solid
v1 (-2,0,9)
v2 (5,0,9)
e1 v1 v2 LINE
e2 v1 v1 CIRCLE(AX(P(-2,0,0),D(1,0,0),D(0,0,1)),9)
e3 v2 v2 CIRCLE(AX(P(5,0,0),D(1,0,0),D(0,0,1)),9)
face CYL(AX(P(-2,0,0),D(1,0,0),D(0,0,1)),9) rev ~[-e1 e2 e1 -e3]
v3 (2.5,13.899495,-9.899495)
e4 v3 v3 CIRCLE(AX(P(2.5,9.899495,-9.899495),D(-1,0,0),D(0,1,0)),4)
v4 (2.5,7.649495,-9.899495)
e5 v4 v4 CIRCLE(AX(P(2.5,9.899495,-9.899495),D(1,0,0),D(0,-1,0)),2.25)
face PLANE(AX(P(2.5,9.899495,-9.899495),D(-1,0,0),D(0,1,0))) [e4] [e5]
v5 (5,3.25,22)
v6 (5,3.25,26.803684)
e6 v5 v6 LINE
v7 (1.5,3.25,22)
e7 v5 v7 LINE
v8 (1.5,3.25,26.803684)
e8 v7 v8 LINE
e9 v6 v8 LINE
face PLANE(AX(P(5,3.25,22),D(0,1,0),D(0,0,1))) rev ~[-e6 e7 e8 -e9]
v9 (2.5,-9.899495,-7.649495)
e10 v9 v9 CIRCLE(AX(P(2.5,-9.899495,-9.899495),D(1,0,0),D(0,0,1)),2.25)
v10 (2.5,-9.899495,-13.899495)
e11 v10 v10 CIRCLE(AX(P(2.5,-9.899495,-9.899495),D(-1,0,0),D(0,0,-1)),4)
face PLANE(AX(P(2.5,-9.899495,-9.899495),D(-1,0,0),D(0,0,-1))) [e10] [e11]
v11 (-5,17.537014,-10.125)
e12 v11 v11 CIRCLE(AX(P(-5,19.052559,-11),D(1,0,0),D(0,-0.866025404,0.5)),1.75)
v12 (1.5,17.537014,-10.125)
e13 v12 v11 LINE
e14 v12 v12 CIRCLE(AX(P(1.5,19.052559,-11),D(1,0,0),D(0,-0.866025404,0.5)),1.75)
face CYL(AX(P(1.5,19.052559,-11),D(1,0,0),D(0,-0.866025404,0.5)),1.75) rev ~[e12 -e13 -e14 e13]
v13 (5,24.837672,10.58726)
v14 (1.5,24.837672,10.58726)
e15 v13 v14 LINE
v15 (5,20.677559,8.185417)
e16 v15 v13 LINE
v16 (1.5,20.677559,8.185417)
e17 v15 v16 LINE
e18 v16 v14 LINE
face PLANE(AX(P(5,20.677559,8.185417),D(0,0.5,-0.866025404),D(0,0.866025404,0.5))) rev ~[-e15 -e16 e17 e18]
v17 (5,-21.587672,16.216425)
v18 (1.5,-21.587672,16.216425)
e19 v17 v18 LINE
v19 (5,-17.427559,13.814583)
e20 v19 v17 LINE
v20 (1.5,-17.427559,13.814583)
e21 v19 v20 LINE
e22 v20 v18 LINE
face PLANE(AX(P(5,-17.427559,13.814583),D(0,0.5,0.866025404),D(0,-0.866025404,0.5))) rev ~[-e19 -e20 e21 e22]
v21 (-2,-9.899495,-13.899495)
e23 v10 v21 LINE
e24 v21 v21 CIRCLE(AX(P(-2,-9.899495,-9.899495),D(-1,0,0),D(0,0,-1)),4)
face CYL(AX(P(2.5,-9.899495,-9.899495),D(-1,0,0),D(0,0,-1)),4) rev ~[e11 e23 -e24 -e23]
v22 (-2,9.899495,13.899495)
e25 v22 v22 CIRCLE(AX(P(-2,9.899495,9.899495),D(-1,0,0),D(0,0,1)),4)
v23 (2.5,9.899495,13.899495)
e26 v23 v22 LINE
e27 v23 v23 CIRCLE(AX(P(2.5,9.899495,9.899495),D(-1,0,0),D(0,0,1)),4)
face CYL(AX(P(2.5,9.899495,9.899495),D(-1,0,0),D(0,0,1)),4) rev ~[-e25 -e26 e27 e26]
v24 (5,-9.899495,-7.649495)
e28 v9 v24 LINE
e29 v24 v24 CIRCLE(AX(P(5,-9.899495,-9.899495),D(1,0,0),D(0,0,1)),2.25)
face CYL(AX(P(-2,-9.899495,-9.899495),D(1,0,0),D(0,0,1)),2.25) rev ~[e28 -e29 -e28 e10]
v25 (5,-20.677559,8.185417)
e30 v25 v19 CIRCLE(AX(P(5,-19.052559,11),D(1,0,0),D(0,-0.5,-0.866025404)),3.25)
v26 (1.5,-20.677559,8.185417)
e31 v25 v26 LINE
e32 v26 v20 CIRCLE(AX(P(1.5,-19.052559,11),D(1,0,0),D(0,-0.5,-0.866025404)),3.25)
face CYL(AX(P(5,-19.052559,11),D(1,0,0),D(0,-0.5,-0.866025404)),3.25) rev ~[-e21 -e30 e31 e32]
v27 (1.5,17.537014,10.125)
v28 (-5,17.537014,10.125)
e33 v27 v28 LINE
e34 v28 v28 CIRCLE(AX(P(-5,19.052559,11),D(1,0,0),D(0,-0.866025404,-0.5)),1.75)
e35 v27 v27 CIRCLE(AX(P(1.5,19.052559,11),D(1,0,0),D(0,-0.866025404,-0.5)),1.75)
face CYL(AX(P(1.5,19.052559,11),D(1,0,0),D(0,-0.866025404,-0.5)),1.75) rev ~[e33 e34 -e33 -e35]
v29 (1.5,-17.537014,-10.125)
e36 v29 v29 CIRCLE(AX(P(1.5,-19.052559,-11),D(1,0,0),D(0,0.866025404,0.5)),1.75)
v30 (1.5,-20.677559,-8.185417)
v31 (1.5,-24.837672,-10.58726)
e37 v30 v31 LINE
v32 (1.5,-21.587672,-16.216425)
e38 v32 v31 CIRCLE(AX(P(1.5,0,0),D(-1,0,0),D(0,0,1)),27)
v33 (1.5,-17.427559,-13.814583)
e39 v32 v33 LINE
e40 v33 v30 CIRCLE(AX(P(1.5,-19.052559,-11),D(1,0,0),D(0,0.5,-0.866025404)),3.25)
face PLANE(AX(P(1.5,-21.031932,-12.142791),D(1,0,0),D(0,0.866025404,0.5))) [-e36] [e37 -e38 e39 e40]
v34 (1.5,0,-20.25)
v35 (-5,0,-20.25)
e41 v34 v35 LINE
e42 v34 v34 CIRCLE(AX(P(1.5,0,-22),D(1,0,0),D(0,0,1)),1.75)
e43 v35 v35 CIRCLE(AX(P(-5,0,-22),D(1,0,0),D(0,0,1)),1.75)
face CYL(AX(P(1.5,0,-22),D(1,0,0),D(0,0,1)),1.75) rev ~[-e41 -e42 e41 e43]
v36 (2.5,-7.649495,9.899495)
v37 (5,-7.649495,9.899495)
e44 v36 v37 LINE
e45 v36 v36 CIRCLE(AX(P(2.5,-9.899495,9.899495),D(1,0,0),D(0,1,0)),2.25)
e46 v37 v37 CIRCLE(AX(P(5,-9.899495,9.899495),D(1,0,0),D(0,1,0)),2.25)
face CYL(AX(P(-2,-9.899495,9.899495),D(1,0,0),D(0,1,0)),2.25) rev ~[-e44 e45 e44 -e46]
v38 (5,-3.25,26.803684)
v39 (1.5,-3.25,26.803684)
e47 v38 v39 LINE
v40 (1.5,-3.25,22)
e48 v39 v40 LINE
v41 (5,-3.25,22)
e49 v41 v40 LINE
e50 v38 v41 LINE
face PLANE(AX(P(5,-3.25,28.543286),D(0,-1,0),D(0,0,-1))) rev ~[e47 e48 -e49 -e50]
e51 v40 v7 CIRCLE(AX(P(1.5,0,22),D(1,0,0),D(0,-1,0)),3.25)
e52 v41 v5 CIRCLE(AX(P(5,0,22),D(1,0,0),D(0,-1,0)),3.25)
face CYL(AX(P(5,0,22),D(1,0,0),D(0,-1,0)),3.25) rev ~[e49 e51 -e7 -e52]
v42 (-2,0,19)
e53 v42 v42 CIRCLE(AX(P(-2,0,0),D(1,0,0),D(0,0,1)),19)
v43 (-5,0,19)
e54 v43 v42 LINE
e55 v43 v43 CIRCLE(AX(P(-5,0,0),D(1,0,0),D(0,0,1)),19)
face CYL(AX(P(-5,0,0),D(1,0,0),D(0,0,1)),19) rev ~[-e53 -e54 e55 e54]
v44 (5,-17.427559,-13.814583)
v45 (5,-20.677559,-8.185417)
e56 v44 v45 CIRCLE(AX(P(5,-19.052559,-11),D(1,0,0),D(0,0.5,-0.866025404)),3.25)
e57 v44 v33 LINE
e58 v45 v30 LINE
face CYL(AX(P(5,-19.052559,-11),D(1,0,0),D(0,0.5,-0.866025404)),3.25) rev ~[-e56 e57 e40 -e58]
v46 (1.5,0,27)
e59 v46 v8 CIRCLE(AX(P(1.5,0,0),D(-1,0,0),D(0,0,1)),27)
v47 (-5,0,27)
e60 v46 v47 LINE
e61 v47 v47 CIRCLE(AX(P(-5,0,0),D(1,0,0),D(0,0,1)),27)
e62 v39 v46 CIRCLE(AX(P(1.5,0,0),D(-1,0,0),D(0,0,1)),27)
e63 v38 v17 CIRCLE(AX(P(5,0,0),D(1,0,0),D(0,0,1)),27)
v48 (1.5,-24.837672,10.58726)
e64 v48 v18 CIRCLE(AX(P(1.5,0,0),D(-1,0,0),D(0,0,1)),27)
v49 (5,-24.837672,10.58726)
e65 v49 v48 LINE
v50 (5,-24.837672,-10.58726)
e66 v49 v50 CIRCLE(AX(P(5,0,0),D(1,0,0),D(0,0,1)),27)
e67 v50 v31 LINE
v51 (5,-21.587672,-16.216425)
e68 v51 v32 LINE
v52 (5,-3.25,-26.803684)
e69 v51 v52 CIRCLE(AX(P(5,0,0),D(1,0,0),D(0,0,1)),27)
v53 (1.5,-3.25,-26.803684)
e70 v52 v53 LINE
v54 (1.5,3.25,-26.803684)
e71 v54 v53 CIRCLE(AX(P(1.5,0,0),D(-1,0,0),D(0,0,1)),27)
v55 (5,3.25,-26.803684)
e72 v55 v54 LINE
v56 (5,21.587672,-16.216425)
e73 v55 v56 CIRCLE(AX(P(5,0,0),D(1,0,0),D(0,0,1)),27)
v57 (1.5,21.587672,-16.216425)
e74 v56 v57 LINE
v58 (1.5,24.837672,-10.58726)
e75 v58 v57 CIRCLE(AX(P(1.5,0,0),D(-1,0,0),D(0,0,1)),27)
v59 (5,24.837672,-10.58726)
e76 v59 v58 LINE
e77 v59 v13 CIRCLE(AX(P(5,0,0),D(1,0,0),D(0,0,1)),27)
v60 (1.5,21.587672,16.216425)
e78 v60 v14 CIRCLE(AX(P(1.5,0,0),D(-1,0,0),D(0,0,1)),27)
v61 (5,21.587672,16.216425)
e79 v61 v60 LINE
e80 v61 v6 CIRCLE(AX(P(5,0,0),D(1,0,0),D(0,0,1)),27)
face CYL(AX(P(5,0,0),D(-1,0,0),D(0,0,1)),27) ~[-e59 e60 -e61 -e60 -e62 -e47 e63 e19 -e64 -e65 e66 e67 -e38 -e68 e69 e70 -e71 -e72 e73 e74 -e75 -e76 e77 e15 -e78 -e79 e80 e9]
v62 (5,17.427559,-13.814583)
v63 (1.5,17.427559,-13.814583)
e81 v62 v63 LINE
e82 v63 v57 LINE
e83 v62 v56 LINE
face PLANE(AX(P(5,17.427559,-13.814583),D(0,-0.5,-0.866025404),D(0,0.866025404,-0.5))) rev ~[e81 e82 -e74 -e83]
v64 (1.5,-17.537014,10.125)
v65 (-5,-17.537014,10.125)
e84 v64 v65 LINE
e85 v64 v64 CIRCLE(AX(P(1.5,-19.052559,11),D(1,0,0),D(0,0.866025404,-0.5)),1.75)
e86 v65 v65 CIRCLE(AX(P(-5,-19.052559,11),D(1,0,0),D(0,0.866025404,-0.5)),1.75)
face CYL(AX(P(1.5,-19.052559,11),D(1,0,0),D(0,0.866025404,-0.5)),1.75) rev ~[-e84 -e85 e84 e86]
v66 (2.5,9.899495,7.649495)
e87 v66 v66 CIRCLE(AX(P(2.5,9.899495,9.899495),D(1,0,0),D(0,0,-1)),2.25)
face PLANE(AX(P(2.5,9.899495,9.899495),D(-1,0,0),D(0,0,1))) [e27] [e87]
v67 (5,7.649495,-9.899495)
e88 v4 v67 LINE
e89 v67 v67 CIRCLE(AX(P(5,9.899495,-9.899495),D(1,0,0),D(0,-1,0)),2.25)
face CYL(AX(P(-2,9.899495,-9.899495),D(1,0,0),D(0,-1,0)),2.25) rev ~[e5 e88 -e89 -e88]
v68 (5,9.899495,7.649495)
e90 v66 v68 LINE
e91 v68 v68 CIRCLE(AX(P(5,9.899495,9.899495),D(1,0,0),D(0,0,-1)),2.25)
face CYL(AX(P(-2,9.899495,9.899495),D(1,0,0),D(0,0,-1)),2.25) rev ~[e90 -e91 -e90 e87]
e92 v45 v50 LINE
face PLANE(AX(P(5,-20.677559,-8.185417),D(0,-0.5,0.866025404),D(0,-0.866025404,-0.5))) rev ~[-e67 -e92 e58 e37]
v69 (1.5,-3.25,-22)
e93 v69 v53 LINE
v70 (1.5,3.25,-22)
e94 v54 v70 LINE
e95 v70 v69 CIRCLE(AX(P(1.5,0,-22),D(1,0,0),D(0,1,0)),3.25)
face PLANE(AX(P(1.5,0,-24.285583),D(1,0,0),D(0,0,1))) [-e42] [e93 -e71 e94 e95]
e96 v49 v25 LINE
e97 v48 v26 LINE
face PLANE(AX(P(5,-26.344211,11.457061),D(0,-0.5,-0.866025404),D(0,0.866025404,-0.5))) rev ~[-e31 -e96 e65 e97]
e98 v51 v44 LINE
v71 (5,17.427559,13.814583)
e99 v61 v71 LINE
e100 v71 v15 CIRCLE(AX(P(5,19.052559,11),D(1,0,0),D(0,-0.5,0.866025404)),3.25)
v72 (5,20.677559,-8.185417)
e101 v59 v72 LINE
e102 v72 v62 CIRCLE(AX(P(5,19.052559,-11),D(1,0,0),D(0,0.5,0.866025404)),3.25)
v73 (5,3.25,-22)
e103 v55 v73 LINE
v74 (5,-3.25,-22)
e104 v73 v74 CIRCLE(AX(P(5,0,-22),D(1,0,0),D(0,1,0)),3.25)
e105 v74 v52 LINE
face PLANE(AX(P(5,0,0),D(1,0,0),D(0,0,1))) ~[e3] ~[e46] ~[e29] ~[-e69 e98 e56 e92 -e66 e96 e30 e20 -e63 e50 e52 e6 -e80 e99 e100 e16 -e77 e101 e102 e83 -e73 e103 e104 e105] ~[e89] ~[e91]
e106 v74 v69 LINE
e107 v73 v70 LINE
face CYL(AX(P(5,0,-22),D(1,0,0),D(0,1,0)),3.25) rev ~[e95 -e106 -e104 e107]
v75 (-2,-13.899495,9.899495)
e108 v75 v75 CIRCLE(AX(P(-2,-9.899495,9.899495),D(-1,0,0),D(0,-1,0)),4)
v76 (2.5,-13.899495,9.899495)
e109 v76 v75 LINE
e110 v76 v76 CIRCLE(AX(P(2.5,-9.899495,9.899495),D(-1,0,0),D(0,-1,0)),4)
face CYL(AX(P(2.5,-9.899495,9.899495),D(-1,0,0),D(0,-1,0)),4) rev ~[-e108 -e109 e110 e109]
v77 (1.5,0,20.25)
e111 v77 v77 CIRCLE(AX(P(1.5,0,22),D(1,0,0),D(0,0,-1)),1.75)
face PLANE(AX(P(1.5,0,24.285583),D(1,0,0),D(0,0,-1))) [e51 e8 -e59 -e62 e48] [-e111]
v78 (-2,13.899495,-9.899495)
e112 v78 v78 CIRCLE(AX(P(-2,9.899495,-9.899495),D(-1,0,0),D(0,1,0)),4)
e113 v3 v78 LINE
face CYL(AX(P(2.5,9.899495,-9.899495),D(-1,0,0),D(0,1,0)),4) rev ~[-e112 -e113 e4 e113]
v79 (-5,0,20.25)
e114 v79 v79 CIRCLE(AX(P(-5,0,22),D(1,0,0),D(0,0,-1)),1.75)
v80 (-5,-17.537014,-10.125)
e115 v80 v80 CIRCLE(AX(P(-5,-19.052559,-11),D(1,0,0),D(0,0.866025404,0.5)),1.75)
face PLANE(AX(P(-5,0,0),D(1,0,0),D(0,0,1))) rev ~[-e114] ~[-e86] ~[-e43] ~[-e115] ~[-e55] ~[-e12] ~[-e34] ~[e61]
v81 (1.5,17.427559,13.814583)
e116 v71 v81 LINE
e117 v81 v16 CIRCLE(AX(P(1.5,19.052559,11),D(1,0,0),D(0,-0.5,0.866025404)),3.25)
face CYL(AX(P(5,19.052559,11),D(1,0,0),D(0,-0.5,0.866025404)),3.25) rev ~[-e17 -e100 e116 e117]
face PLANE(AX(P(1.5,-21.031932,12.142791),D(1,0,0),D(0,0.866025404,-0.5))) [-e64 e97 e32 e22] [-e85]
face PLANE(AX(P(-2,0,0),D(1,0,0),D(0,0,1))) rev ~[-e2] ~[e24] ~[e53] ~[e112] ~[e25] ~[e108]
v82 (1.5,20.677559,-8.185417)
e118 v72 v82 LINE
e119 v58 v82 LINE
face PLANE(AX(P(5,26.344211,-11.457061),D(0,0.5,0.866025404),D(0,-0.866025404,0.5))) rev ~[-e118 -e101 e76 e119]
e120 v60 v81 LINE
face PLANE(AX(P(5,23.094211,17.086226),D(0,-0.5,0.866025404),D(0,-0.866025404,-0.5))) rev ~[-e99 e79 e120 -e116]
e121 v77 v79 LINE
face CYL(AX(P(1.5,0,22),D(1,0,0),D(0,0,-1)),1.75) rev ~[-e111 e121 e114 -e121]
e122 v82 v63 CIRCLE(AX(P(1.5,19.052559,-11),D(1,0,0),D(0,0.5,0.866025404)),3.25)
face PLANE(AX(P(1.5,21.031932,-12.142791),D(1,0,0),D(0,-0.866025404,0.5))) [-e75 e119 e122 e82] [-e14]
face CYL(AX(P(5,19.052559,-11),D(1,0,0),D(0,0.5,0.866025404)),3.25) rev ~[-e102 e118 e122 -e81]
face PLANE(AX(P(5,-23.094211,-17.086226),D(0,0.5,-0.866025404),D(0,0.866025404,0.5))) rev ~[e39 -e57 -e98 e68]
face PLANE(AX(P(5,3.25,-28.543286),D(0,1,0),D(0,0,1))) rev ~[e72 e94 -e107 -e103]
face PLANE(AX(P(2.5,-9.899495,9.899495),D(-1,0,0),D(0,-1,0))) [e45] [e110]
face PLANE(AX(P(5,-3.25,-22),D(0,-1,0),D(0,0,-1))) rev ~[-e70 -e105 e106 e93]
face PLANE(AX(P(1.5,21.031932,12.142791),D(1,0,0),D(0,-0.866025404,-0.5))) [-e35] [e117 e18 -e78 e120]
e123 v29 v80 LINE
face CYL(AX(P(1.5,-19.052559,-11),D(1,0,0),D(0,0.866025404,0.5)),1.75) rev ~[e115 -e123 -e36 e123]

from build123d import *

# Parameters (mm, degrees)
ENL_V_MAT_EXTRU_1_DEPTH                         = 3.5
R_P_TITION_CIRCULAIRE1_COUNT                    = 6
ESQUISSE3_R                                     = 1.75
ENL_V_MAT_EXTRU_2_DEPTH                         = 39.733060814
R_P_TITION_CIRCULAIRE2_COUNT                    = 6
CHAMBRAGE_POUR_VIS_T_TE_CYLINDRIQUE_D           = 4.5
CHAMBRAGE_POUR_VIS_T_TE_CYLINDRIQUE_CBORE_D     = 8
CHAMBRAGE_POUR_VIS_T_TE_CYLINDRIQUE_CBORE_DEPTH = 4.5
R_P_TITION_CIRCULAIRE3_COUNT                    = 4


with BuildPart() as part:
    # Esquisse1 → Base-Révolution (revolve)
    with BuildSketch(Plane.XY, mode=Mode.PRIVATE) as base_r_volution_sk:
        Polygon((-5, 27), (-5, 19), (-2, 19), (-2, 9), (5, 9), (5, 27), align=None)
    revolve(base_r_volution_sk.sketch.rotate(Axis((-14.936373376, 0, 0), (1, 0, 0)), 90), axis=Axis((-14.936373376, 0, 0), (1, 0, 0)))

    # Esquisse2 → Enlèv. mat.-Extru.1 (cut)
    with BuildSketch(Plane(origin=(5, 0, 0), x_dir=(0, 0, -1), z_dir=(1, 0, 0))):
        with BuildLine():
            Line((-22, 3.25), (-28.543286321, 3.25))
            Line((-28.543286321, 3.25), (-28.543286321, -3.25))
            Line((-28.543286321, -3.25), (-22, -3.25))
            ThreePointArc((-22, -3.25), (-18.75, 0), (-22, 3.25))
        make_face()
    enl_v_mat_extru_1 = extrude(amount=-ENL_V_MAT_EXTRU_1_DEPTH, mode=Mode.SUBTRACT)

    # Répétition circulaire1: Enlèv. mat.-Extru.1 ×6 about axis
    r_p_tition_circulaire1_axis = Axis((0, 0, 0), (1, 0, 0))
    for i in range(1, R_P_TITION_CIRCULAIRE1_COUNT):
        add(enl_v_mat_extru_1.rotate(r_p_tition_circulaire1_axis, i * 360 / R_P_TITION_CIRCULAIRE1_COUNT), mode=Mode.SUBTRACT)

    # Esquisse3 → Enlèv. mat.-Extru.2 (cut, through all)
    with BuildSketch(Plane(origin=(1.5, 0, 0), x_dir=(0, 0, -1), z_dir=(1, 0, 0))):
        with Locations((-22, 0)):
            Circle(ESQUISSE3_R)
    enl_v_mat_extru_2 = extrude(amount=-ENL_V_MAT_EXTRU_2_DEPTH, mode=Mode.SUBTRACT)

    # Répétition circulaire2: Enlèv. mat.-Extru.2 ×6 about axis
    r_p_tition_circulaire2_axis = Axis((0, 0, 0), (1, 0, 0))
    for i in range(1, R_P_TITION_CIRCULAIRE2_COUNT):
        add(enl_v_mat_extru_2.rotate(r_p_tition_circulaire2_axis, i * 360 / R_P_TITION_CIRCULAIRE2_COUNT), mode=Mode.SUBTRACT)

    # Chambrage pour vis à tête cylindrique à 6 pans creux (vis CHC) M41 (through all)
    with Locations(Plane.ZY.offset(2)):
        with Locations((9.899494937, 9.899494937)):
            chambrage_pour_vis_t_te_cylindrique = CounterBoreHole(CHAMBRAGE_POUR_VIS_T_TE_CYLINDRIQUE_D / 2, CHAMBRAGE_POUR_VIS_T_TE_CYLINDRIQUE_CBORE_D / 2, CHAMBRAGE_POUR_VIS_T_TE_CYLINDRIQUE_CBORE_DEPTH)

    # Répétition circulaire3: Chambrage pour vis à tête cylindrique à 6 pans creux (vis CHC) M41 ×4 about axis
    r_p_tition_circulaire3_axis = Axis((0, 0, 0), (1, 0, 0))
    for i in range(1, R_P_TITION_CIRCULAIRE3_COUNT):
        add(chambrage_pour_vis_t_te_cylindrique.rotate(r_p_tition_circulaire3_axis, i * 360 / R_P_TITION_CIRCULAIRE3_COUNT), mode=Mode.SUBTRACT)


solid = part.part
